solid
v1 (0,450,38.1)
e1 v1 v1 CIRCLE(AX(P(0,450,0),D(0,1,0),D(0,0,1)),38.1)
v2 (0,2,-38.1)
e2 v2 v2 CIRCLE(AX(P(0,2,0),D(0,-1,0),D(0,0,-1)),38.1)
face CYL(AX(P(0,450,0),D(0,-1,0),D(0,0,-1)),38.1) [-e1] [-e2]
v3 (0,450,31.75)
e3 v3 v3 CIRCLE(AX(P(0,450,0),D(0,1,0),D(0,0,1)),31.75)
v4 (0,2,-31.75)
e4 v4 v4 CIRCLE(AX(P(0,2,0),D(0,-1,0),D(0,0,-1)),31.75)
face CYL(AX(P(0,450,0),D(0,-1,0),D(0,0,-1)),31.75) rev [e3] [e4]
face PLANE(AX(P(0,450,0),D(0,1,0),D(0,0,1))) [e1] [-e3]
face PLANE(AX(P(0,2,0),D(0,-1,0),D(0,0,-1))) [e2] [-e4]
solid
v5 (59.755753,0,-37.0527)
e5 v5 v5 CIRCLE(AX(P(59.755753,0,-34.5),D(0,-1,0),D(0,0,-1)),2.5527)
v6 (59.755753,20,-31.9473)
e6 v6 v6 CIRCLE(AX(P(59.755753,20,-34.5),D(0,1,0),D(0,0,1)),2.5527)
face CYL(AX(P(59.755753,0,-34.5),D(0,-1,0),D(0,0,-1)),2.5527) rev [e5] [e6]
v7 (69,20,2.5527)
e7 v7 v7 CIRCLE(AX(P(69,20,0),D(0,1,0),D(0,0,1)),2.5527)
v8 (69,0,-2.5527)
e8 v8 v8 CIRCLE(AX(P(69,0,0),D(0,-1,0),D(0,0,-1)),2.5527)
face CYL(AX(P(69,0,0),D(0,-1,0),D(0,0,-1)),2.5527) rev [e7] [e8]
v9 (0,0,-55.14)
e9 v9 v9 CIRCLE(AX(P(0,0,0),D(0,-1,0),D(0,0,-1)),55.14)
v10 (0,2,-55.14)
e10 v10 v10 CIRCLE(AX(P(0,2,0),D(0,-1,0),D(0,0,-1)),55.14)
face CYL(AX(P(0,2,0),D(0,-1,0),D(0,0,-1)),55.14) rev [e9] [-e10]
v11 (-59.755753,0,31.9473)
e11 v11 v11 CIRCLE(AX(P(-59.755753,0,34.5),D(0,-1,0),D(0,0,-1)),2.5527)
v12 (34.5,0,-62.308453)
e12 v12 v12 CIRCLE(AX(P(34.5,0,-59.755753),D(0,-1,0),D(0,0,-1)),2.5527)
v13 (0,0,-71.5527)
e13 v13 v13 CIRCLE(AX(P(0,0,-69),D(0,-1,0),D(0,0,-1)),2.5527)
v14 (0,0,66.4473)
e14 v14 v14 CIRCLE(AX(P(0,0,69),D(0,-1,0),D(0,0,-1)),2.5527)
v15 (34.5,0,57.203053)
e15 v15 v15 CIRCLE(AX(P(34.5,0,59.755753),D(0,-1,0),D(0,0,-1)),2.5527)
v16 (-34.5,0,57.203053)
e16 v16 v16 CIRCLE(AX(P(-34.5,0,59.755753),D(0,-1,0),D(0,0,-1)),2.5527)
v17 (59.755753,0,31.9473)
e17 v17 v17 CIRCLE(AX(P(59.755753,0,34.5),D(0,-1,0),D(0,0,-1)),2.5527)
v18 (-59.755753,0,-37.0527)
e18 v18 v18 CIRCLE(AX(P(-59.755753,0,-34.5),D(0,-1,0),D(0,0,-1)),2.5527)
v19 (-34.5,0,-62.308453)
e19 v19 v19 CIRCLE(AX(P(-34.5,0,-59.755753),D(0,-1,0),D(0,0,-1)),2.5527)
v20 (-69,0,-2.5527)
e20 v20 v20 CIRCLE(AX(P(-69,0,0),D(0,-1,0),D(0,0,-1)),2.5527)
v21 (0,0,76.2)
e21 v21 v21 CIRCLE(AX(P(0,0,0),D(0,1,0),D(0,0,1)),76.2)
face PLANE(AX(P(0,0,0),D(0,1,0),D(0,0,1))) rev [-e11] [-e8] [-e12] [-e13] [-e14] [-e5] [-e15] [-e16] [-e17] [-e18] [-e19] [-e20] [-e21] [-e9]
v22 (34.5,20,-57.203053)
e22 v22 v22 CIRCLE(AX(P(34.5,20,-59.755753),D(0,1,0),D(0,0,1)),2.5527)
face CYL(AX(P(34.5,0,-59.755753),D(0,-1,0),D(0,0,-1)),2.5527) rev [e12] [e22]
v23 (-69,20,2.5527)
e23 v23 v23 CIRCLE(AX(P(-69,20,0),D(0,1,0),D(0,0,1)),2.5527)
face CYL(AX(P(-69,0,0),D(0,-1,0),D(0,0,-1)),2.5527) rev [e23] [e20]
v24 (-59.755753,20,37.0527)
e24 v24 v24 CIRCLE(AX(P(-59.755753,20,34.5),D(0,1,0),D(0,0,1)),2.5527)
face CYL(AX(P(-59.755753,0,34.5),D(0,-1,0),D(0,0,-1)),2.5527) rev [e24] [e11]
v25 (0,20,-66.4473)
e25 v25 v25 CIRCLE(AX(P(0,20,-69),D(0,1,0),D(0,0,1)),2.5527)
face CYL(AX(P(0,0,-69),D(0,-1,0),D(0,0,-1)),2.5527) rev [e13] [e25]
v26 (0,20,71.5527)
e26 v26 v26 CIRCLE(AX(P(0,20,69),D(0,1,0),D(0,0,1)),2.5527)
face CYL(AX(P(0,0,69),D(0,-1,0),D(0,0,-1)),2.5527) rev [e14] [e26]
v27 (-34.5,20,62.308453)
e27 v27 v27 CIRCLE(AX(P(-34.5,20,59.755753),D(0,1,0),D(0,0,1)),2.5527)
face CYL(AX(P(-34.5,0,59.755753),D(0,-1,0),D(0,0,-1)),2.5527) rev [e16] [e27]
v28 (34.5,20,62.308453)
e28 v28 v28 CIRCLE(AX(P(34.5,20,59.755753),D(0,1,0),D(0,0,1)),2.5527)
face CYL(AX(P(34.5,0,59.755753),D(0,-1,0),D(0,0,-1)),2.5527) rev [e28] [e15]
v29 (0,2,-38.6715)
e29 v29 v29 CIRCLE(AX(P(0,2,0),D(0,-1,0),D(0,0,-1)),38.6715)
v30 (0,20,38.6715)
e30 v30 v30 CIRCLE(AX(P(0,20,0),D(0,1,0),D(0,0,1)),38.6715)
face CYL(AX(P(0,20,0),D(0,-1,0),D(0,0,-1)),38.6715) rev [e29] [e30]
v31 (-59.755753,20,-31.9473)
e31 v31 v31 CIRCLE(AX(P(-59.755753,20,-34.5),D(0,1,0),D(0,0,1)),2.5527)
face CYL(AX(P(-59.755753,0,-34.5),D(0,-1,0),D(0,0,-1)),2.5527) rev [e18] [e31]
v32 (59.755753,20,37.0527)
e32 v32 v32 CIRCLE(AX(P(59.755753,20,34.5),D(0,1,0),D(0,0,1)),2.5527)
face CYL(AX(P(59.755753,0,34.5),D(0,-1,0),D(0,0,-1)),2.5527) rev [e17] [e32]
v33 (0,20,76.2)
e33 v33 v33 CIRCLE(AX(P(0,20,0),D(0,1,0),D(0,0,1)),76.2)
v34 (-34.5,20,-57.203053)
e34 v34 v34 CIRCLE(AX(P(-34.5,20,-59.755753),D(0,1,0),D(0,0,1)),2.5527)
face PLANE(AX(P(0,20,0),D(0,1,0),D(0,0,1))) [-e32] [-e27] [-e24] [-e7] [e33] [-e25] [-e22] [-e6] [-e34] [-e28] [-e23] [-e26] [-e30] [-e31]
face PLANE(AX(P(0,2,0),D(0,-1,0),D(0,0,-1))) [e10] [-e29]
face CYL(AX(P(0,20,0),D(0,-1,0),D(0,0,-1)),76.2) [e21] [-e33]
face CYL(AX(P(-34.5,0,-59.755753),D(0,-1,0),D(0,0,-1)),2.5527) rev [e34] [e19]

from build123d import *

# Parameters (mm, degrees)
SKETCH1_R                        = 38.1
SKETCH1_R_2                      = 31.75
BOSS_EXTRUDE1_DEPTH              = 450
SKETCH2_R                        = 76.2
SKETCH2_R_2                      = 38.6715
BOSS_EXTRUDE2_DEPTH              = 20
SKETCH5_W                        = 2.5527
SKETCH5_H                        = 450
F_10_CLEARANCE_HOLE1_AT_2_COUNT  = 2
F_10_CLEARANCE_HOLE1_AT_2_PITCH  = 35.717028224
F_10_CLEARANCE_HOLE1_AT_3_COUNT  = 2
F_10_CLEARANCE_HOLE1_AT_3_PITCH  = 69
F_10_CLEARANCE_HOLE1_AT_4_COUNT  = 2
F_10_CLEARANCE_HOLE1_AT_4_PITCH  = 97.580735804
F_10_CLEARANCE_HOLE1_AT_5_COUNT  = 2
F_10_CLEARANCE_HOLE1_AT_5_PITCH  = 119.511505722
F_10_CLEARANCE_HOLE1_AT_6_COUNT  = 2
F_10_CLEARANCE_HOLE1_AT_6_PITCH  = 133.297764028
F_10_CLEARANCE_HOLE1_AT_7_COUNT  = 2
F_10_CLEARANCE_HOLE1_AT_7_PITCH  = 138
F_10_CLEARANCE_HOLE1_AT_8_COUNT  = 2
F_10_CLEARANCE_HOLE1_AT_8_PITCH  = 133.297764028
F_10_CLEARANCE_HOLE1_AT_9_COUNT  = 2
F_10_CLEARANCE_HOLE1_AT_9_PITCH  = 119.511505722
F_10_CLEARANCE_HOLE1_AT_10_COUNT = 2
F_10_CLEARANCE_HOLE1_AT_10_PITCH = 97.580735804
F_10_CLEARANCE_HOLE1_AT_11_COUNT = 2
F_10_CLEARANCE_HOLE1_AT_11_PITCH = 69
F_10_CLEARANCE_HOLE1_AT_12_COUNT = 2
F_10_CLEARANCE_HOLE1_AT_12_PITCH = 35.717028224
SKETCH6_R                        = 55.14
CUT_EXTRUDE1_DEPTH               = 2


with BuildPart() as part:
    # Sketch1 → Boss-Extrude1 (new body)
    with BuildSketch(Plane(origin=(0, 0, 0), x_dir=(1, 0, 0), z_dir=(0, 1, 0))):
        Circle(SKETCH1_R)
        Circle(SKETCH1_R_2, mode=Mode.SUBTRACT)
    extrude(amount=BOSS_EXTRUDE1_DEPTH)


with BuildPart() as body_2:
    # Sketch2 → Boss-Extrude2 (new body)
    with BuildSketch(Plane(origin=(0, 0, 0), x_dir=(1, 0, 0), z_dir=(0, 1, 0))):
        Circle(SKETCH2_R)
        Circle(SKETCH2_R_2, mode=Mode.SUBTRACT)
    extrude(amount=BOSS_EXTRUDE2_DEPTH)

    # Sketch5 → #10 Clearance Hole1 (revolve, cut)
    with BuildSketch(Plane(origin=(69, 0, 0), x_dir=(0, 0, -1), z_dir=(1, 0, 0))):
        with Locations((1.27635, 225)):
            Rectangle(SKETCH5_W, SKETCH5_H)
    f_10_clearance_hole1 = revolve(axis=Axis((69, -6.35, 0), (0, 1, 0)), mode=Mode.SUBTRACT)

    # #10 Clearance Hole1 at 2: #10 Clearance Hole1 ×2
    with Locations(*[Vector(-0.25881904510252135, 0, -0.9659258262890681) * (i * F_10_CLEARANCE_HOLE1_AT_2_PITCH) for i in range(1, F_10_CLEARANCE_HOLE1_AT_2_COUNT)]):
        add(f_10_clearance_hole1, mode=Mode.SUBTRACT)

    # #10 Clearance Hole1 at 3: #10 Clearance Hole1 ×2
    with Locations(*[Vector(-0.5000000000000009, 0, -0.8660254037844382) * (i * F_10_CLEARANCE_HOLE1_AT_3_PITCH) for i in range(1, F_10_CLEARANCE_HOLE1_AT_3_COUNT)]):
        add(f_10_clearance_hole1, mode=Mode.SUBTRACT)

    # #10 Clearance Hole1 at 4: #10 Clearance Hole1 ×2
    with Locations(*[Vector(-0.7071067811865487, 0, -0.7071067811865464) * (i * F_10_CLEARANCE_HOLE1_AT_4_PITCH) for i in range(1, F_10_CLEARANCE_HOLE1_AT_4_COUNT)]):
        add(f_10_clearance_hole1, mode=Mode.SUBTRACT)

    # #10 Clearance Hole1 at 5: #10 Clearance Hole1 ×2
    with Locations(*[Vector(-0.8660254037844397, 0, -0.49999999999999817) * (i * F_10_CLEARANCE_HOLE1_AT_5_PITCH) for i in range(1, F_10_CLEARANCE_HOLE1_AT_5_COUNT)]):
        add(f_10_clearance_hole1, mode=Mode.SUBTRACT)

    # #10 Clearance Hole1 at 6: #10 Clearance Hole1 ×2
    with Locations(*[Vector(-0.9659258262890691, 0, -0.258819045102518) * (i * F_10_CLEARANCE_HOLE1_AT_6_PITCH) for i in range(1, F_10_CLEARANCE_HOLE1_AT_6_COUNT)]):
        add(f_10_clearance_hole1, mode=Mode.SUBTRACT)

    # #10 Clearance Hole1 at 7: #10 Clearance Hole1 ×2
    with Locations(*[(-i * F_10_CLEARANCE_HOLE1_AT_7_PITCH, 0, 0) for i in range(1, F_10_CLEARANCE_HOLE1_AT_7_COUNT)]):
        add(f_10_clearance_hole1, mode=Mode.SUBTRACT)

    # #10 Clearance Hole1 at 8: #10 Clearance Hole1 ×2
    with Locations(*[Vector(-0.9659258262890672, 0, 0.2588190451025248) * (i * F_10_CLEARANCE_HOLE1_AT_8_PITCH) for i in range(1, F_10_CLEARANCE_HOLE1_AT_8_COUNT)]):
        add(f_10_clearance_hole1, mode=Mode.SUBTRACT)

    # #10 Clearance Hole1 at 9: #10 Clearance Hole1 ×2
    with Locations(*[Vector(-0.8660254037844364, 0, 0.500000000000004) * (i * F_10_CLEARANCE_HOLE1_AT_9_PITCH) for i in range(1, F_10_CLEARANCE_HOLE1_AT_9_COUNT)]):
        add(f_10_clearance_hole1, mode=Mode.SUBTRACT)

    # #10 Clearance Hole1 at 10: #10 Clearance Hole1 ×2
    with Locations(*[Vector(-0.7071067811865439, 0, 0.7071067811865512) * (i * F_10_CLEARANCE_HOLE1_AT_10_PITCH) for i in range(1, F_10_CLEARANCE_HOLE1_AT_10_COUNT)]):
        add(f_10_clearance_hole1, mode=Mode.SUBTRACT)

    # #10 Clearance Hole1 at 11: #10 Clearance Hole1 ×2
    with Locations(*[Vector(-0.49999999999999495, 0, 0.8660254037844416) * (i * F_10_CLEARANCE_HOLE1_AT_11_PITCH) for i in range(1, F_10_CLEARANCE_HOLE1_AT_11_COUNT)]):
        add(f_10_clearance_hole1, mode=Mode.SUBTRACT)

    # #10 Clearance Hole1 at 12: #10 Clearance Hole1 ×2
    with Locations(*[Vector(-0.25881904510251413, 0, 0.96592582628907) * (i * F_10_CLEARANCE_HOLE1_AT_12_PITCH) for i in range(1, F_10_CLEARANCE_HOLE1_AT_12_COUNT)]):
        add(f_10_clearance_hole1, mode=Mode.SUBTRACT)


with BuildPart() as cut_extrude1_tool:
    # Sketch6 → Cut-Extrude1 (new body)
    with BuildSketch(Plane.XZ):
        Circle(SKETCH6_R)
    extrude(amount=-CUT_EXTRUDE1_DEPTH)


with BuildPart() as part_1:
    add(part.part)

    # Cut-Extrude1: cut by cut_extrude1_tool
    add(cut_extrude1_tool.part, mode=Mode.SUBTRACT)


with BuildPart() as body_2_1:
    add(body_2.part)

    # Cut-Extrude1: cut by cut_extrude1_tool
    add(cut_extrude1_tool.part, mode=Mode.SUBTRACT)


solid = Compound([part_1.part, body_2_1.part])
